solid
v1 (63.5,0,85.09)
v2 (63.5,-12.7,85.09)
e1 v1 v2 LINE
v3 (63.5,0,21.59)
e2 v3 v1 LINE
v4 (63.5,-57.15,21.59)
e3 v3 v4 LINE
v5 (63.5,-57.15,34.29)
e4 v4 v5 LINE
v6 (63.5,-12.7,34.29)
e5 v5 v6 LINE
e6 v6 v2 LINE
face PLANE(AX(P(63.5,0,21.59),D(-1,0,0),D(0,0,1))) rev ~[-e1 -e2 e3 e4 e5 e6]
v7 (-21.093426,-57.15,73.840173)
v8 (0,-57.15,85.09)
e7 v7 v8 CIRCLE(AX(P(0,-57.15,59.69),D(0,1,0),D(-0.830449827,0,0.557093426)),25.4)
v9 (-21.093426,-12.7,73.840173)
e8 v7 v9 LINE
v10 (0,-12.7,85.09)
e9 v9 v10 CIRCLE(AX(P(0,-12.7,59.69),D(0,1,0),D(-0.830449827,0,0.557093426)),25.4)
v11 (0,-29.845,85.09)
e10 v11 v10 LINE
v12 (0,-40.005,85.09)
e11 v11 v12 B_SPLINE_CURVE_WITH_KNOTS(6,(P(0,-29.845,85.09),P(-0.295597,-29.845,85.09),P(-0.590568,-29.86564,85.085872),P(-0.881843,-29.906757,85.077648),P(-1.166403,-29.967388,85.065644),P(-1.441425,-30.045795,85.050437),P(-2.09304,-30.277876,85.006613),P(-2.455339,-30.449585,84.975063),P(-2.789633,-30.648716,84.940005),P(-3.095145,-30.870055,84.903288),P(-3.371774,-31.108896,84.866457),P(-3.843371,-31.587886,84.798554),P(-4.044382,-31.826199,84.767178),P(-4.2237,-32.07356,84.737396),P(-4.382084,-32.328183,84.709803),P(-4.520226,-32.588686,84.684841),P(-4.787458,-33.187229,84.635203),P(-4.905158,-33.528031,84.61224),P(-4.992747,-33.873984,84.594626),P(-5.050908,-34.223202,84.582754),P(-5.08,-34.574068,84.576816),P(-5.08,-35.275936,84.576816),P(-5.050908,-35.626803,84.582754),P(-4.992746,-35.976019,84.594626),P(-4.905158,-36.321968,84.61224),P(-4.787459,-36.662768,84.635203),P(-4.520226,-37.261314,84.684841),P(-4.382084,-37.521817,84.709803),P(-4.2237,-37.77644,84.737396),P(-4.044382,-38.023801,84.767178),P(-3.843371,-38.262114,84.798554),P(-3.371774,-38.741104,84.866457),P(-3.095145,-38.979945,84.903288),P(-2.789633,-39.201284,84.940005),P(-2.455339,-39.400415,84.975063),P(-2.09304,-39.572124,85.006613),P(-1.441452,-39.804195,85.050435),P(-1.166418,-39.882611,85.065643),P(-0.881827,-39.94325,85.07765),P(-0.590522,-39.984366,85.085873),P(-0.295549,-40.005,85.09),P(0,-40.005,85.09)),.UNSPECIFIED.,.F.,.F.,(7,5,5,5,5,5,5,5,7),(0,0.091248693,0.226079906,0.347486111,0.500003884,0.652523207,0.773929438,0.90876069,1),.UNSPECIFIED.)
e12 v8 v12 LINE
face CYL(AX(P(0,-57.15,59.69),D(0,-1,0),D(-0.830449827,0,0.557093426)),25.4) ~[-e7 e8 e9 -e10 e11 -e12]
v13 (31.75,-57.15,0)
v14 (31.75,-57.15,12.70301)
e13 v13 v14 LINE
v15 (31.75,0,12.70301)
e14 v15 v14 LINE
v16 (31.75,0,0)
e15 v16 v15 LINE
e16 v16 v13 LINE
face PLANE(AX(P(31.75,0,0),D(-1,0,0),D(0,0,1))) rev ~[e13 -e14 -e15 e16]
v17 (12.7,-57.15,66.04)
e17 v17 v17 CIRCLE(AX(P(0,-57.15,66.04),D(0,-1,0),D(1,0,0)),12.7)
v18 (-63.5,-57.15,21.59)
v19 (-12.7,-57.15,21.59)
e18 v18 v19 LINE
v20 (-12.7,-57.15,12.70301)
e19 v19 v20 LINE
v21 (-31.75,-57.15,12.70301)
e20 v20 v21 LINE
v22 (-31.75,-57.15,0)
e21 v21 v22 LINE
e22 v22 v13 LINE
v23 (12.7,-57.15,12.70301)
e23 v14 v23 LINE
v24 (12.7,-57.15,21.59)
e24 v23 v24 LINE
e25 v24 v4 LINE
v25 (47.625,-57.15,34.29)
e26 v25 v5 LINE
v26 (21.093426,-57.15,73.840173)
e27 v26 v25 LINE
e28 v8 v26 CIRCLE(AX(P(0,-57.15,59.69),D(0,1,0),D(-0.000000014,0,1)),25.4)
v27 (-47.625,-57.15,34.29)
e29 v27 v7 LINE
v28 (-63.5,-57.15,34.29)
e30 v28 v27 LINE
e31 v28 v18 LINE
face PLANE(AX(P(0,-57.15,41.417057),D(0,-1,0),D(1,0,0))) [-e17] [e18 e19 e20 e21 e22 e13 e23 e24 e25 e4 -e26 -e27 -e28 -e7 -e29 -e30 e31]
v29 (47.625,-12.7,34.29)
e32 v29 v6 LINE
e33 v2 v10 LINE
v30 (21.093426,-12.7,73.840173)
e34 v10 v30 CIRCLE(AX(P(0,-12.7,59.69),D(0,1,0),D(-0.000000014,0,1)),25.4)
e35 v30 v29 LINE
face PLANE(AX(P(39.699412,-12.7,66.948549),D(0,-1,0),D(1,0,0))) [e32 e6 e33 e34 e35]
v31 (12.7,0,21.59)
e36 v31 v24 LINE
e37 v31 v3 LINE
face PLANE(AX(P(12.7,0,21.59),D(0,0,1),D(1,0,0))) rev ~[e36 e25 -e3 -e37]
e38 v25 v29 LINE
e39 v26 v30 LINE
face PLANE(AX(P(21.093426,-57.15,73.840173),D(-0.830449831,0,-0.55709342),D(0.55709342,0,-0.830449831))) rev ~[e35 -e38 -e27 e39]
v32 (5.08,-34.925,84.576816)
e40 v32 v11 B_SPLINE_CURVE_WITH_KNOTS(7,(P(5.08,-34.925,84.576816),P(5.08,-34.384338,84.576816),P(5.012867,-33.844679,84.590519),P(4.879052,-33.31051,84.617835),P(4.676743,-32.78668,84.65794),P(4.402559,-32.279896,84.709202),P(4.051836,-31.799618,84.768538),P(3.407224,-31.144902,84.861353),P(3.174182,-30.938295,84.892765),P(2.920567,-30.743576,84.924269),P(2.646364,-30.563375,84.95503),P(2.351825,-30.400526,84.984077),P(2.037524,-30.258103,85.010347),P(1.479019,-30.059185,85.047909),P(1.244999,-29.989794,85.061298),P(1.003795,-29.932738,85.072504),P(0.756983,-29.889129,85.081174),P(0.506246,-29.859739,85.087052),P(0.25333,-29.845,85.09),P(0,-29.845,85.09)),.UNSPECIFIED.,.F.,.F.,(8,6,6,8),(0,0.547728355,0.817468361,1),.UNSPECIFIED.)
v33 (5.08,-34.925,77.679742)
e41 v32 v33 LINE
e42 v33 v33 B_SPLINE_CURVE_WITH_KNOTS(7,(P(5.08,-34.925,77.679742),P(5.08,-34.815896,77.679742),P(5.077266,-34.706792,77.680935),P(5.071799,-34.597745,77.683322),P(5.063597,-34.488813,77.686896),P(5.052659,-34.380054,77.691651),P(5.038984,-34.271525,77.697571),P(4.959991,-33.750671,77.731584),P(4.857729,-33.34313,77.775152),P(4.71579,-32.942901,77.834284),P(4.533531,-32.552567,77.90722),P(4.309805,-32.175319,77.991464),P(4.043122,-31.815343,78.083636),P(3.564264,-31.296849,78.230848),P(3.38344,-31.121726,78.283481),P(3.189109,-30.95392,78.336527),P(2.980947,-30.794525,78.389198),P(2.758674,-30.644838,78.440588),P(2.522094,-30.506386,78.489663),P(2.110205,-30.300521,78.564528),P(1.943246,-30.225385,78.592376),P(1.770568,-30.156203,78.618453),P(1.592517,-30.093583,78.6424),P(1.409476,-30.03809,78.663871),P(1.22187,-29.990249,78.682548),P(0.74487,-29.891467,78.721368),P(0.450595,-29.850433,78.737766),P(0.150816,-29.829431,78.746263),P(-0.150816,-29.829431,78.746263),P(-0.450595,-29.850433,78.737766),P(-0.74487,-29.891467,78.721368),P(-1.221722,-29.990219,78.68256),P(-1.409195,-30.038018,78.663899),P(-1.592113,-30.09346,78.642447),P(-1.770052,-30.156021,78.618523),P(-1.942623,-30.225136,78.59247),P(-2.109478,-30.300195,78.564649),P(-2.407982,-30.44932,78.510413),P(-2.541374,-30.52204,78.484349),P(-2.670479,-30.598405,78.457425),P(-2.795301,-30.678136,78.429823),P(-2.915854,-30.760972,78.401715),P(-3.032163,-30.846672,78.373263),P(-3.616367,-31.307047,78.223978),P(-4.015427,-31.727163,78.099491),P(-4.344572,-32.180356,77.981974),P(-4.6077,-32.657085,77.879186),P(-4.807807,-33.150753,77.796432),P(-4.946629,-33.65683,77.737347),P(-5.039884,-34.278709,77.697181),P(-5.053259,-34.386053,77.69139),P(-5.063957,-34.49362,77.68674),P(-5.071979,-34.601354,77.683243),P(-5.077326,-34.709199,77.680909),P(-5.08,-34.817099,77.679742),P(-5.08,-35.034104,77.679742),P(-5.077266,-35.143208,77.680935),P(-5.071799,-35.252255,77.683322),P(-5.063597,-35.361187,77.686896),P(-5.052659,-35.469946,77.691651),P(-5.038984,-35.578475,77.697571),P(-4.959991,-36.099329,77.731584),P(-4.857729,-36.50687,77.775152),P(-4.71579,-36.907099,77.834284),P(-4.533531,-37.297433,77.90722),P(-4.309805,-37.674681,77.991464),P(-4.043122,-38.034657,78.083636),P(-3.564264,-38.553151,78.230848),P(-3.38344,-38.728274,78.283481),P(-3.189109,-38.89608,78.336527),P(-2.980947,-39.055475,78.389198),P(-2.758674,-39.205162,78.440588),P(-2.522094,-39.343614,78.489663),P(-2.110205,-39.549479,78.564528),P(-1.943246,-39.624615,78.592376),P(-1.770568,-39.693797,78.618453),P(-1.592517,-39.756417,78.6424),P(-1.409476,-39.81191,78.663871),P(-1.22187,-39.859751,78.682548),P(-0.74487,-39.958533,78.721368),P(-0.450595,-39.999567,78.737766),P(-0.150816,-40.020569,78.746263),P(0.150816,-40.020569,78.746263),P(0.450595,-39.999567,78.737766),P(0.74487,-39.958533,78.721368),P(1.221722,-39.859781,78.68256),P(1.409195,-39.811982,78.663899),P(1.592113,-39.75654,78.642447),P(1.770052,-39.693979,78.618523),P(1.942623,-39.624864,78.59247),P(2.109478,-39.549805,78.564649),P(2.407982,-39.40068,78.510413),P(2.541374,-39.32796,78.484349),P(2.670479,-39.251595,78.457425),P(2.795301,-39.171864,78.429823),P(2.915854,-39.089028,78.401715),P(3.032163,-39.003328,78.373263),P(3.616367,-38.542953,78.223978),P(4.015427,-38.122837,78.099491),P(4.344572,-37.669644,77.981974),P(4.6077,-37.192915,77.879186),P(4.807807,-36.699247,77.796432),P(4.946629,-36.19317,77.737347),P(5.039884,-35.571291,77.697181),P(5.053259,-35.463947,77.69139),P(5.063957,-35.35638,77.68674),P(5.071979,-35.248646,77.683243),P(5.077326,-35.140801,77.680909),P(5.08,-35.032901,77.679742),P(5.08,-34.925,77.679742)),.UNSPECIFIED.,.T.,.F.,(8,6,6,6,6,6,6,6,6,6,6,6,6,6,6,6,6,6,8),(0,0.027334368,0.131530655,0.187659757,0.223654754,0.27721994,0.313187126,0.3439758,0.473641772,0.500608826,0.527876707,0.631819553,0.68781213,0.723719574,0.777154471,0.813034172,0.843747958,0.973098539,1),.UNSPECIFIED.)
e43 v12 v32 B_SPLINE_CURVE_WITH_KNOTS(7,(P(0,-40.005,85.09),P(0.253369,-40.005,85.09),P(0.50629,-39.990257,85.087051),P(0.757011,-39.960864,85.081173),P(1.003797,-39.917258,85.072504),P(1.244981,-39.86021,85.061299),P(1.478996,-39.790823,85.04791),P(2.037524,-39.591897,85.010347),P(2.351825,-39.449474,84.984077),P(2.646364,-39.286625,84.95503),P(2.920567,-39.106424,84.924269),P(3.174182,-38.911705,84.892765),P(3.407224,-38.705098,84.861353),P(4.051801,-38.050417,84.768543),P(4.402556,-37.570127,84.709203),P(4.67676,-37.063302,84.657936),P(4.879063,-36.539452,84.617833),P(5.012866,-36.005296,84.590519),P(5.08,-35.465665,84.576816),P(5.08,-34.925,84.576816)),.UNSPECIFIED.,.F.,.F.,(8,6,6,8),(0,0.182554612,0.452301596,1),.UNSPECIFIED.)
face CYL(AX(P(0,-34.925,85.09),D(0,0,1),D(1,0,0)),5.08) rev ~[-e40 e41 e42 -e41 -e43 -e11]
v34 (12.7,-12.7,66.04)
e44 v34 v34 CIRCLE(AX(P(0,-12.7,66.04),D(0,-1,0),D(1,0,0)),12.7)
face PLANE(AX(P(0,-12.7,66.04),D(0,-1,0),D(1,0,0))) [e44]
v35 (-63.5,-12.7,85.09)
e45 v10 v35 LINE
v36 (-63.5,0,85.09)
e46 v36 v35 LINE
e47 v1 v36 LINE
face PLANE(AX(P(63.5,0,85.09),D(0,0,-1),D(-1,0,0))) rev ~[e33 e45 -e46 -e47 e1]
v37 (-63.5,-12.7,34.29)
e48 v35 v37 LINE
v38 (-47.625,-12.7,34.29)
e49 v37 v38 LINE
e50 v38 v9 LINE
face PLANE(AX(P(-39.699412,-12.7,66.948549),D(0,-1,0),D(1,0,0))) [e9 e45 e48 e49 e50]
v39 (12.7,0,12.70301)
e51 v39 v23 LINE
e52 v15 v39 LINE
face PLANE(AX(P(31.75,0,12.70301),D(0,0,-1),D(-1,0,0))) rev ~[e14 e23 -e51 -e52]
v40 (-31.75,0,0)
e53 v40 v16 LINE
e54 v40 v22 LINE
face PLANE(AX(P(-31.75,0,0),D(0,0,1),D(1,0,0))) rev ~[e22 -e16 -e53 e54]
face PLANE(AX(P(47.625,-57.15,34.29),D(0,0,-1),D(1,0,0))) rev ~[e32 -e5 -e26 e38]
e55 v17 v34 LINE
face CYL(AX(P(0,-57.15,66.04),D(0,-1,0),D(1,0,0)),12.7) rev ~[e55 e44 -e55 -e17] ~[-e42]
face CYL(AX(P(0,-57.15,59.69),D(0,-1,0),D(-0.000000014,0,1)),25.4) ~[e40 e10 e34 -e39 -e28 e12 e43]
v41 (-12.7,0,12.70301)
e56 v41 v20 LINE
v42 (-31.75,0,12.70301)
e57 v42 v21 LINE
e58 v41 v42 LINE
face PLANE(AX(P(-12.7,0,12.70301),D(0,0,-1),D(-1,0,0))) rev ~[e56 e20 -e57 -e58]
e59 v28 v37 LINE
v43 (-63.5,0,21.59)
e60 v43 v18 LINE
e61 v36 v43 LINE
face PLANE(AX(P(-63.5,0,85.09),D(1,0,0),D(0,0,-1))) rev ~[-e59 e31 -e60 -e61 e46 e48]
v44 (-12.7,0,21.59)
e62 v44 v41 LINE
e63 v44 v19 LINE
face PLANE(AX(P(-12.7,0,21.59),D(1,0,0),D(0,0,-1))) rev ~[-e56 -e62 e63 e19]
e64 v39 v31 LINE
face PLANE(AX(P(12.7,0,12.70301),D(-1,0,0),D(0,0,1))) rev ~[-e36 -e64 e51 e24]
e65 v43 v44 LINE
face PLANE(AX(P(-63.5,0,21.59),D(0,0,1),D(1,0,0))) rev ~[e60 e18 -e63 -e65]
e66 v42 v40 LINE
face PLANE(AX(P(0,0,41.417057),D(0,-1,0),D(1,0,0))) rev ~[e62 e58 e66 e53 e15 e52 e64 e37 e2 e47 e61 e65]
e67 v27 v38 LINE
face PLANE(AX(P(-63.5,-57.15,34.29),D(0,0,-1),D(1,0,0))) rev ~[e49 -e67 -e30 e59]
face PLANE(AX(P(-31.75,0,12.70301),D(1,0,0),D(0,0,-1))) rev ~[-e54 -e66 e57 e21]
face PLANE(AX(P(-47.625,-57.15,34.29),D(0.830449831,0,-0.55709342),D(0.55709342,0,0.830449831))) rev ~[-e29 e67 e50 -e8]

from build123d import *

# Parameters (mm, degrees)
F1_DEPTH = 57.15
F3_DEPTH = 44.45
F4_R     = 12.7
F5_DEPTH = 44.45
F6_R     = 5.08
F7_DEPTH = 25.4


with BuildPart() as f1:
    # F0 (on Front) → F1 (new body)
    with BuildSketch(Plane.XZ):
        Polygon((-31.75, 0), (0, 0), (31.75, 0), (31.75, 12.70301), (12.7, 12.70301), (12.7, 21.59), (63.5, 21.59), (63.5, 85.09), (0, 85.09), (-63.5, 85.09), (-63.5, 21.59), (-12.7, 21.59), (-12.7, 12.70301), (-31.75, 12.70301), align=None)
    extrude(amount=F1_DEPTH)

    # F2 (on face) → F3 (cut)
    with BuildSketch(Plane.XZ.offset(57.15)):
        with BuildLine():
            Line((-63.5, 85.09), (-63.5, 34.29))
            Line((-63.5, 34.29), (-47.625, 34.29))
            Line((-47.625, 34.29), (-21.093426, 73.840173))
            ThreePointArc((-21.093426, 73.840173), (-11.952941, 82.101765), (0, 85.09))
            Line((0, 85.09), (-63.5, 85.09))
        make_face()
        with BuildLine():
            Line((63.5, 85.09), (0, 85.09))
            ThreePointArc((0, 85.09), (11.952941, 82.101765), (21.093426, 73.840173))
            Line((21.093426, 73.840173), (47.625, 34.29))
            Line((47.625, 34.29), (63.5, 34.29))
            Line((63.5, 34.29), (63.5, 85.09))
        make_face()
    extrude(amount=-F3_DEPTH, mode=Mode.SUBTRACT)

    # F4 (on face) → F5 (cut)
    with BuildSketch(Plane.XZ.offset(57.15)):
        with Locations((0, 66.04)):
            Circle(F4_R)
    extrude(amount=-F5_DEPTH, mode=Mode.SUBTRACT)

    # F6 (on face) → F7 (cut)
    with BuildSketch(Plane.XY.offset(85.09)):
        with Locations((0, -34.925)):
            Circle(F6_R)
    extrude(amount=-F7_DEPTH, mode=Mode.SUBTRACT)


solid = f1.part
